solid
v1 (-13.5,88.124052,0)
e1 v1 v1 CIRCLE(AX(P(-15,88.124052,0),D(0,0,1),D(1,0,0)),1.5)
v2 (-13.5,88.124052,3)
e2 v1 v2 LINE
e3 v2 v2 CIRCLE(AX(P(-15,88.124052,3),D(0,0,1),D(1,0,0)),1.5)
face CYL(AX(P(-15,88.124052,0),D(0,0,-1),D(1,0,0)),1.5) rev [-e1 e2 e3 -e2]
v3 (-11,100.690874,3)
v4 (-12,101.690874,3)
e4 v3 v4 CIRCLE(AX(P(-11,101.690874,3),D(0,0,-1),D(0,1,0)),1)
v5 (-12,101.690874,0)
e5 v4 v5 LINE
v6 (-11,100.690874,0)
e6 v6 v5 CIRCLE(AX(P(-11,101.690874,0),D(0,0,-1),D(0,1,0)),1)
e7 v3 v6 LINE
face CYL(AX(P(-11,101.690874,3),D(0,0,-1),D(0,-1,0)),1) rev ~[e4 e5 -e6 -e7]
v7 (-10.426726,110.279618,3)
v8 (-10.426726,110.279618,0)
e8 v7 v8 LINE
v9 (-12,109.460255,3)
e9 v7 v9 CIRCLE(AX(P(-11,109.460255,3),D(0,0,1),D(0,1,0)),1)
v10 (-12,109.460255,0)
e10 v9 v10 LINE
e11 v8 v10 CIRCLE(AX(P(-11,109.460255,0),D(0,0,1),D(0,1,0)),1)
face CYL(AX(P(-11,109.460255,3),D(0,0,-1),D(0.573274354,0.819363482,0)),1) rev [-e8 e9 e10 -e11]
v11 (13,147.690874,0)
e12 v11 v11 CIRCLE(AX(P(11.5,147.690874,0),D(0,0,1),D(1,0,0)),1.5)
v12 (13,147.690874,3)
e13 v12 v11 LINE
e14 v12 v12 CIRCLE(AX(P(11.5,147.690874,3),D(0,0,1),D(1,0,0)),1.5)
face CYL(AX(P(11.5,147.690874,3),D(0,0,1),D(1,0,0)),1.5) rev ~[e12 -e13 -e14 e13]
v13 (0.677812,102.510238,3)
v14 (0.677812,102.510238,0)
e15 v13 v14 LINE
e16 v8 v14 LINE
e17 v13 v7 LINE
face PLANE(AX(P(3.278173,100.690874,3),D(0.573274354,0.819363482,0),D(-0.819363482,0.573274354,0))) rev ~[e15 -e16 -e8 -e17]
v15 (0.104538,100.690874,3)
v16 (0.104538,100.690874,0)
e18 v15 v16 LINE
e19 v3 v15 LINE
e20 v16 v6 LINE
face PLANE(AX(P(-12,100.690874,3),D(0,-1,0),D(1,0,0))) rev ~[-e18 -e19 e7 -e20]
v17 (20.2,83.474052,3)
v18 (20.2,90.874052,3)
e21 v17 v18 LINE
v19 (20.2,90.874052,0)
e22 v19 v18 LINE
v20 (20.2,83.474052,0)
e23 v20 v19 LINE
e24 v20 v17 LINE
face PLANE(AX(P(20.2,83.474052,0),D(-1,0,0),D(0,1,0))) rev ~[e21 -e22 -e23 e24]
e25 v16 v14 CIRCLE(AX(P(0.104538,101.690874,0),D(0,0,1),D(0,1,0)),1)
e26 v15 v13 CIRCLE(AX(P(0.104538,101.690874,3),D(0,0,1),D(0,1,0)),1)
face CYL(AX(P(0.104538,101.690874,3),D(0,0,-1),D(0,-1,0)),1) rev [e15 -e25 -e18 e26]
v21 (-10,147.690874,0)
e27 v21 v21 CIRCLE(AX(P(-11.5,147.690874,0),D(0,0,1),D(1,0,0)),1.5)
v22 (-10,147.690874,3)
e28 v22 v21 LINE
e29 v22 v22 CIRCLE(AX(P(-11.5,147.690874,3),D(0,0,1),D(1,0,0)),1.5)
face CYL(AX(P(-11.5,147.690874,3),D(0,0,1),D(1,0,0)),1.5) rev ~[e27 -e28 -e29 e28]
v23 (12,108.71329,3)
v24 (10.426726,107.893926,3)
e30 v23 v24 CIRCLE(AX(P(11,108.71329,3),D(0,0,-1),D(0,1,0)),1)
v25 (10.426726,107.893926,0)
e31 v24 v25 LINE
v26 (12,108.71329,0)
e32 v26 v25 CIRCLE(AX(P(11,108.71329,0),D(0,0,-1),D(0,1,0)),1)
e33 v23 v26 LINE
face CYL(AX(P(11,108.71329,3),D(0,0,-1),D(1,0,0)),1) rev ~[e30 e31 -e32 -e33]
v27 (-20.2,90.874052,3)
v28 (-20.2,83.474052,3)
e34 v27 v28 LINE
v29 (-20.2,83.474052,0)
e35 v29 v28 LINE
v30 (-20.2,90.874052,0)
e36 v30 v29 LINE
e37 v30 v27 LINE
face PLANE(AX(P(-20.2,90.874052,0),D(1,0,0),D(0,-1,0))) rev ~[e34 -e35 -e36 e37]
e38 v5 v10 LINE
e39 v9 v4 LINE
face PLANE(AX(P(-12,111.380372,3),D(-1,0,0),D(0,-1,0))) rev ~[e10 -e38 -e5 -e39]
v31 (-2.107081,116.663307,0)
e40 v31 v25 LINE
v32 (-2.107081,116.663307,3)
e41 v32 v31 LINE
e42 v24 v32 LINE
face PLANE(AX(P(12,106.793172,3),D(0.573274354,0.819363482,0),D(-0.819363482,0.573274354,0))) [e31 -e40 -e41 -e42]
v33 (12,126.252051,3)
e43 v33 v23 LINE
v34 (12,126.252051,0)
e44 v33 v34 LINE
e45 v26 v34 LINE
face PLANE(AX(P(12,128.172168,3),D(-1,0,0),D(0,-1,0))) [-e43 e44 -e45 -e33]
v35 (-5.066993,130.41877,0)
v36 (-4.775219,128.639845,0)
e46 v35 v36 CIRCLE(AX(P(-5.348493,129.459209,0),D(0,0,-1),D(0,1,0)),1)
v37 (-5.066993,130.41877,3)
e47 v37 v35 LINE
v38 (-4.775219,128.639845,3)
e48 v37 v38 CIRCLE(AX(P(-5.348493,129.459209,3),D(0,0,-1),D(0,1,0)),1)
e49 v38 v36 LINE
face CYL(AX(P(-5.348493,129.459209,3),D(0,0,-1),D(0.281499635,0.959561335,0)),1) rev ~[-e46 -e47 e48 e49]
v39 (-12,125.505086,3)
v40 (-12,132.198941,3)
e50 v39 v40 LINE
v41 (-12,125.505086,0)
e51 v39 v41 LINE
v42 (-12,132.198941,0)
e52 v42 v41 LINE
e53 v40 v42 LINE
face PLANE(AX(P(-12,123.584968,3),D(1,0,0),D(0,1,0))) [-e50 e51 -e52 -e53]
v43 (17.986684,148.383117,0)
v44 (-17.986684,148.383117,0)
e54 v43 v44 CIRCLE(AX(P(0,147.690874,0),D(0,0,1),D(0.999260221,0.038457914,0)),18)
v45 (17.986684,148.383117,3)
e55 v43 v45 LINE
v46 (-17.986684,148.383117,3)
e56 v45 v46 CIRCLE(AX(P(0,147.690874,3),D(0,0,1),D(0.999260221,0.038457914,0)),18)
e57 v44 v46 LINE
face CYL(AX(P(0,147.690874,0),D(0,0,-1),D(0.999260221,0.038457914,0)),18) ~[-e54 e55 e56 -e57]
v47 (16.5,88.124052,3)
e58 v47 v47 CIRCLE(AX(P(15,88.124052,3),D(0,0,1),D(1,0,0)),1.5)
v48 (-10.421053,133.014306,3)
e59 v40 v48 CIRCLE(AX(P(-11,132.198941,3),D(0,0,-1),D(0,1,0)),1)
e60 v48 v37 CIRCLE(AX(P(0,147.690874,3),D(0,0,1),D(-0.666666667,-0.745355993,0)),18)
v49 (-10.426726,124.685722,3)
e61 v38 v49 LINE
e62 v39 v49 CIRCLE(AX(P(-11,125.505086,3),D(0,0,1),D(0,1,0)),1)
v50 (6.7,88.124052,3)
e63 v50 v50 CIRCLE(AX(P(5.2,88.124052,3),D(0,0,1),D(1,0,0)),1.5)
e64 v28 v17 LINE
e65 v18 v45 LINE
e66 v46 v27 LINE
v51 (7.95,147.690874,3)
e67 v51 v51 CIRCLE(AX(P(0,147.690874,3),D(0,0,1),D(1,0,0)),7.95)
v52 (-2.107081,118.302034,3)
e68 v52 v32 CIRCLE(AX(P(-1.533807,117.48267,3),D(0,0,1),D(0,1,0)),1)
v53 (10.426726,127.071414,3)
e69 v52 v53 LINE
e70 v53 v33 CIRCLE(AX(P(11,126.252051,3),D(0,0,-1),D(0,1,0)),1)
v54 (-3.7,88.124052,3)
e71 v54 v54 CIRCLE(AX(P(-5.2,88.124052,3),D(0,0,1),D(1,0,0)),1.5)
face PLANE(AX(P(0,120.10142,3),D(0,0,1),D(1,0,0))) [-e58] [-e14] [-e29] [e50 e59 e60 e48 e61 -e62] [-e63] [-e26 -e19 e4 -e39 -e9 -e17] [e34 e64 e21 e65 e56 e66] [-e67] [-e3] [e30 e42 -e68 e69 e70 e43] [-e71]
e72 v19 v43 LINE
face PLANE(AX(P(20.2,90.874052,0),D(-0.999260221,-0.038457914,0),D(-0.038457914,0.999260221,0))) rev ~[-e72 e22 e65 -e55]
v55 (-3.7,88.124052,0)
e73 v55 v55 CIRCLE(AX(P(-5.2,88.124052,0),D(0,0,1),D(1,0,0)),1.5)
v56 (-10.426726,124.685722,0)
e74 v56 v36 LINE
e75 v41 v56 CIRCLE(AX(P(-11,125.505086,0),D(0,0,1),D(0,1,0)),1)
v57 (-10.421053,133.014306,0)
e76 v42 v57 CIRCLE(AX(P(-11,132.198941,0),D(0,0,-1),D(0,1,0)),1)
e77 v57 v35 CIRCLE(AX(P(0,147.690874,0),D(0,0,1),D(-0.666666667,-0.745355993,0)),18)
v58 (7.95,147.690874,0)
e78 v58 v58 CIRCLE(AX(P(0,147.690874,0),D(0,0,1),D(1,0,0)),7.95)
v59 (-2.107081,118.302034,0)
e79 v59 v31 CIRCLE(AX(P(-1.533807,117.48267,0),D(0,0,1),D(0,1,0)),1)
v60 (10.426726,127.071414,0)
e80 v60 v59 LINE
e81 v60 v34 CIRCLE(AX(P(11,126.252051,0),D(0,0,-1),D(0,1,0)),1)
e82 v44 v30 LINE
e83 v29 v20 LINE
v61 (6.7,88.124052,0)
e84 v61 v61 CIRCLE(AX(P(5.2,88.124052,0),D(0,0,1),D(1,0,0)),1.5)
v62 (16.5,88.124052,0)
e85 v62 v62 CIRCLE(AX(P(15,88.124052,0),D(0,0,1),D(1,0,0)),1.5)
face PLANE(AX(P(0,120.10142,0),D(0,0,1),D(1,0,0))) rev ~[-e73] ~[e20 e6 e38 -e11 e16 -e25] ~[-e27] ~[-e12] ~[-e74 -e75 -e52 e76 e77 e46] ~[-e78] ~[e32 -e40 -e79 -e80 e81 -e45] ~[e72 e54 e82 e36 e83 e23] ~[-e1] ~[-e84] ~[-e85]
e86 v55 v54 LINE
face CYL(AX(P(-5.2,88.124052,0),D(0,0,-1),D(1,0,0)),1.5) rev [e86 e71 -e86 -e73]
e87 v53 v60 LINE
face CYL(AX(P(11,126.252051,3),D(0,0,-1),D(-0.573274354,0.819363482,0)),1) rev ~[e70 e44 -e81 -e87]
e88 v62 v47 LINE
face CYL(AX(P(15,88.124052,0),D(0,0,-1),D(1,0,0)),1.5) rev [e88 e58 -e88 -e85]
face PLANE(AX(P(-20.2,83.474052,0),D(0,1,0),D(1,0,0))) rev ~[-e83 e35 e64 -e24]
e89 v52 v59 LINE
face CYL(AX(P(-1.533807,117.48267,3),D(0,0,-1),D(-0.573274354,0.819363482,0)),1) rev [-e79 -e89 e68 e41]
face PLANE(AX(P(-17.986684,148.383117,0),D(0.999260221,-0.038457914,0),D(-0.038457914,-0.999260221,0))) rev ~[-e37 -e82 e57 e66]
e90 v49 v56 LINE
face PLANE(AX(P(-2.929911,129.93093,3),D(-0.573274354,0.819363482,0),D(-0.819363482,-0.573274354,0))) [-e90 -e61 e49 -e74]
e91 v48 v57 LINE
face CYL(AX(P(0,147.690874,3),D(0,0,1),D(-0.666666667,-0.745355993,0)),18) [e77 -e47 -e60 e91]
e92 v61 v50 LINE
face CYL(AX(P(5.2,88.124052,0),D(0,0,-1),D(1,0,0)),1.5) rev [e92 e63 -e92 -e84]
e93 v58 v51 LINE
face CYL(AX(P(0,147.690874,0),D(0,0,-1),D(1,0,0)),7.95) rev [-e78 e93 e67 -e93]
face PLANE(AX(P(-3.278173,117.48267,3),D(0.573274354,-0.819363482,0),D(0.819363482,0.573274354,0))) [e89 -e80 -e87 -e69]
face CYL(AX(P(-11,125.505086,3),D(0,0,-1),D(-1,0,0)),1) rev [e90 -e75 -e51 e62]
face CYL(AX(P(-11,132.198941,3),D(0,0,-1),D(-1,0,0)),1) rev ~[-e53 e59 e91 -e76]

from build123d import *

# Parameters (mm, degrees)
SKETCH1_R               = 1.5
SKETCH1_R_2             = 7.95
MAIN_BODY_LINK_B1_DEPTH = 3
CUT_EXTRUDE1_REACH      = 168.945
CUT_EXTRUDE2_REACH      = 168.945
SKETCH3_R               = 1.5
FILLET1_R               = 1


with BuildPart() as part:
    # Sketch1 → Main Body Link B1 (new body)
    with BuildSketch(Plane.XY):
        with BuildLine():
            Line((-11.1, 83.474052381), (-9.1, 83.474052381))
            Line((-9.1, 83.474052381), (0, 83.474052381))
            Line((0, 83.474052381), (9.1, 83.474052381))
            Line((9.1, 83.474052381), (11.1, 83.474052381))
            Line((11.1, 83.474052381), (20.2, 83.474052381))
            Line((20.2, 83.474052381), (20.2, 90.874052381))
            Line((20.2, 90.874052381), (17.986683974, 148.383116621))
            ThreePointArc((17.986683974, 148.383116621), (0, 165.690874165), (-17.986683974, 148.383116621))
            Line((-17.986683974, 148.383116621), (-20.2, 90.874052381))
            Line((-20.2, 90.874052381), (-20.2, 83.474052381))
            Line((-20.2, 83.474052381), (-11.1, 83.474052381))
        make_face()
        with Locations((5.2, 88.124052381)):
            Circle(SKETCH1_R, mode=Mode.SUBTRACT)
        with Locations((15, 88.124052381)):
            Circle(SKETCH1_R, mode=Mode.SUBTRACT)
        with Locations((-15, 88.124052381)):
            Circle(SKETCH1_R, mode=Mode.SUBTRACT)
        with Locations((-5.2, 88.124052381)):
            Circle(SKETCH1_R, mode=Mode.SUBTRACT)
        with Locations((0, 147.690874165)):
            Circle(SKETCH1_R_2, mode=Mode.SUBTRACT)
    extrude(amount=MAIN_BODY_LINK_B1_DEPTH)

    # Sketch2 → Cut-Extrude1 (cut, up to next)
    with BuildSketch(Plane.XY.offset(3), mode=Mode.PRIVATE) as cut_extrude1_sk1:
        with BuildLine():
            ThreePointArc((-2.929911079, 129.930929878), (-7.774454217, 131.456408925), (-12, 134.2744663))
            Line((-12, 134.2744663), (-12, 123.584968066))
            Line((-12, 123.584968066), (-2.929911079, 129.930929878))
        make_face()
    cut_extrude1_tool1 = extrude(cut_extrude1_sk1.sketch, amount=-CUT_EXTRUDE1_REACH, mode=Mode.PRIVATE) & part.part
    # Sketch2 → Cut-Extrude1 (cut, up to next)
    with BuildSketch(Plane.XY.offset(3), mode=Mode.PRIVATE) as cut_extrude1_sk2:
        Polygon((-12, 111.380372399), (-12, 100.690874165), (3.278172542, 100.690874165), align=None)
    cut_extrude1_tool2 = extrude(cut_extrude1_sk2.sketch, amount=-CUT_EXTRUDE1_REACH, mode=Mode.PRIVATE) & part.part
    # Sketch2 → Cut-Extrude1 (cut, up to next)
    with BuildSketch(Plane.XY.offset(3), mode=Mode.PRIVATE) as cut_extrude1_sk3:
        Polygon((12, 106.793171999), (12, 128.172168466), (-3.278172542, 117.482670232), align=None)
    cut_extrude1_tool3 = extrude(cut_extrude1_sk3.sketch, amount=-CUT_EXTRUDE1_REACH, mode=Mode.PRIVATE) & part.part
    add(cut_extrude1_tool1.solids().sort_by_distance((-9.12997, 128.978342, 3))[0], mode=Mode.SUBTRACT)
    add(cut_extrude1_tool2.solids().sort_by_distance((-6.907276, 104.25404, 3))[0], mode=Mode.SUBTRACT)
    add(cut_extrude1_tool3.solids().sort_by_distance((6.907276, 117.48267, 3))[0], mode=Mode.SUBTRACT)

    # Sketch3 → Cut-Extrude2 (cut, up to next)
    with BuildSketch(Plane.XY.offset(3), mode=Mode.PRIVATE) as cut_extrude2_sk1:
        with Locations((-11.5, 147.690874165)):
            Circle(SKETCH3_R)
    cut_extrude2_tool1 = extrude(cut_extrude2_sk1.sketch, amount=-CUT_EXTRUDE2_REACH, mode=Mode.PRIVATE) & part.part
    # Sketch3 → Cut-Extrude2 (cut, up to next)
    with BuildSketch(Plane.XY.offset(3), mode=Mode.PRIVATE) as cut_extrude2_sk2:
        with Locations((11.5, 147.690874165)):
            Circle(SKETCH3_R)
    cut_extrude2_tool2 = extrude(cut_extrude2_sk2.sketch, amount=-CUT_EXTRUDE2_REACH, mode=Mode.PRIVATE) & part.part
    add(cut_extrude2_tool1.solids().sort_by_distance((-11.5, 147.690874, 3))[0], mode=Mode.SUBTRACT)
    add(cut_extrude2_tool2.solids().sort_by_distance((11.5, 147.690874, 3))[0], mode=Mode.SUBTRACT)

    # Fillet1
    fillet1_edges = [part.edges().sort_by_distance(p)[0] for p in [
        (-12, 100.690874165, 1.5),
        (3.278172542, 100.690874165, 1.5),
        (-12, 111.380372399, 1.5),
        (12, 106.793171999, 1.5),
        (12, 128.172168466, 1.5),
        (-3.278172542, 117.482670232, 1.5),
        (-12, 123.584968066, 1.5),
        (-2.929911079, 129.930929878, 1.5),
        (-12, 134.2744663, 1.5),
    ]]
    fillet(fillet1_edges, radius=FILLET1_R)


solid = part.part
